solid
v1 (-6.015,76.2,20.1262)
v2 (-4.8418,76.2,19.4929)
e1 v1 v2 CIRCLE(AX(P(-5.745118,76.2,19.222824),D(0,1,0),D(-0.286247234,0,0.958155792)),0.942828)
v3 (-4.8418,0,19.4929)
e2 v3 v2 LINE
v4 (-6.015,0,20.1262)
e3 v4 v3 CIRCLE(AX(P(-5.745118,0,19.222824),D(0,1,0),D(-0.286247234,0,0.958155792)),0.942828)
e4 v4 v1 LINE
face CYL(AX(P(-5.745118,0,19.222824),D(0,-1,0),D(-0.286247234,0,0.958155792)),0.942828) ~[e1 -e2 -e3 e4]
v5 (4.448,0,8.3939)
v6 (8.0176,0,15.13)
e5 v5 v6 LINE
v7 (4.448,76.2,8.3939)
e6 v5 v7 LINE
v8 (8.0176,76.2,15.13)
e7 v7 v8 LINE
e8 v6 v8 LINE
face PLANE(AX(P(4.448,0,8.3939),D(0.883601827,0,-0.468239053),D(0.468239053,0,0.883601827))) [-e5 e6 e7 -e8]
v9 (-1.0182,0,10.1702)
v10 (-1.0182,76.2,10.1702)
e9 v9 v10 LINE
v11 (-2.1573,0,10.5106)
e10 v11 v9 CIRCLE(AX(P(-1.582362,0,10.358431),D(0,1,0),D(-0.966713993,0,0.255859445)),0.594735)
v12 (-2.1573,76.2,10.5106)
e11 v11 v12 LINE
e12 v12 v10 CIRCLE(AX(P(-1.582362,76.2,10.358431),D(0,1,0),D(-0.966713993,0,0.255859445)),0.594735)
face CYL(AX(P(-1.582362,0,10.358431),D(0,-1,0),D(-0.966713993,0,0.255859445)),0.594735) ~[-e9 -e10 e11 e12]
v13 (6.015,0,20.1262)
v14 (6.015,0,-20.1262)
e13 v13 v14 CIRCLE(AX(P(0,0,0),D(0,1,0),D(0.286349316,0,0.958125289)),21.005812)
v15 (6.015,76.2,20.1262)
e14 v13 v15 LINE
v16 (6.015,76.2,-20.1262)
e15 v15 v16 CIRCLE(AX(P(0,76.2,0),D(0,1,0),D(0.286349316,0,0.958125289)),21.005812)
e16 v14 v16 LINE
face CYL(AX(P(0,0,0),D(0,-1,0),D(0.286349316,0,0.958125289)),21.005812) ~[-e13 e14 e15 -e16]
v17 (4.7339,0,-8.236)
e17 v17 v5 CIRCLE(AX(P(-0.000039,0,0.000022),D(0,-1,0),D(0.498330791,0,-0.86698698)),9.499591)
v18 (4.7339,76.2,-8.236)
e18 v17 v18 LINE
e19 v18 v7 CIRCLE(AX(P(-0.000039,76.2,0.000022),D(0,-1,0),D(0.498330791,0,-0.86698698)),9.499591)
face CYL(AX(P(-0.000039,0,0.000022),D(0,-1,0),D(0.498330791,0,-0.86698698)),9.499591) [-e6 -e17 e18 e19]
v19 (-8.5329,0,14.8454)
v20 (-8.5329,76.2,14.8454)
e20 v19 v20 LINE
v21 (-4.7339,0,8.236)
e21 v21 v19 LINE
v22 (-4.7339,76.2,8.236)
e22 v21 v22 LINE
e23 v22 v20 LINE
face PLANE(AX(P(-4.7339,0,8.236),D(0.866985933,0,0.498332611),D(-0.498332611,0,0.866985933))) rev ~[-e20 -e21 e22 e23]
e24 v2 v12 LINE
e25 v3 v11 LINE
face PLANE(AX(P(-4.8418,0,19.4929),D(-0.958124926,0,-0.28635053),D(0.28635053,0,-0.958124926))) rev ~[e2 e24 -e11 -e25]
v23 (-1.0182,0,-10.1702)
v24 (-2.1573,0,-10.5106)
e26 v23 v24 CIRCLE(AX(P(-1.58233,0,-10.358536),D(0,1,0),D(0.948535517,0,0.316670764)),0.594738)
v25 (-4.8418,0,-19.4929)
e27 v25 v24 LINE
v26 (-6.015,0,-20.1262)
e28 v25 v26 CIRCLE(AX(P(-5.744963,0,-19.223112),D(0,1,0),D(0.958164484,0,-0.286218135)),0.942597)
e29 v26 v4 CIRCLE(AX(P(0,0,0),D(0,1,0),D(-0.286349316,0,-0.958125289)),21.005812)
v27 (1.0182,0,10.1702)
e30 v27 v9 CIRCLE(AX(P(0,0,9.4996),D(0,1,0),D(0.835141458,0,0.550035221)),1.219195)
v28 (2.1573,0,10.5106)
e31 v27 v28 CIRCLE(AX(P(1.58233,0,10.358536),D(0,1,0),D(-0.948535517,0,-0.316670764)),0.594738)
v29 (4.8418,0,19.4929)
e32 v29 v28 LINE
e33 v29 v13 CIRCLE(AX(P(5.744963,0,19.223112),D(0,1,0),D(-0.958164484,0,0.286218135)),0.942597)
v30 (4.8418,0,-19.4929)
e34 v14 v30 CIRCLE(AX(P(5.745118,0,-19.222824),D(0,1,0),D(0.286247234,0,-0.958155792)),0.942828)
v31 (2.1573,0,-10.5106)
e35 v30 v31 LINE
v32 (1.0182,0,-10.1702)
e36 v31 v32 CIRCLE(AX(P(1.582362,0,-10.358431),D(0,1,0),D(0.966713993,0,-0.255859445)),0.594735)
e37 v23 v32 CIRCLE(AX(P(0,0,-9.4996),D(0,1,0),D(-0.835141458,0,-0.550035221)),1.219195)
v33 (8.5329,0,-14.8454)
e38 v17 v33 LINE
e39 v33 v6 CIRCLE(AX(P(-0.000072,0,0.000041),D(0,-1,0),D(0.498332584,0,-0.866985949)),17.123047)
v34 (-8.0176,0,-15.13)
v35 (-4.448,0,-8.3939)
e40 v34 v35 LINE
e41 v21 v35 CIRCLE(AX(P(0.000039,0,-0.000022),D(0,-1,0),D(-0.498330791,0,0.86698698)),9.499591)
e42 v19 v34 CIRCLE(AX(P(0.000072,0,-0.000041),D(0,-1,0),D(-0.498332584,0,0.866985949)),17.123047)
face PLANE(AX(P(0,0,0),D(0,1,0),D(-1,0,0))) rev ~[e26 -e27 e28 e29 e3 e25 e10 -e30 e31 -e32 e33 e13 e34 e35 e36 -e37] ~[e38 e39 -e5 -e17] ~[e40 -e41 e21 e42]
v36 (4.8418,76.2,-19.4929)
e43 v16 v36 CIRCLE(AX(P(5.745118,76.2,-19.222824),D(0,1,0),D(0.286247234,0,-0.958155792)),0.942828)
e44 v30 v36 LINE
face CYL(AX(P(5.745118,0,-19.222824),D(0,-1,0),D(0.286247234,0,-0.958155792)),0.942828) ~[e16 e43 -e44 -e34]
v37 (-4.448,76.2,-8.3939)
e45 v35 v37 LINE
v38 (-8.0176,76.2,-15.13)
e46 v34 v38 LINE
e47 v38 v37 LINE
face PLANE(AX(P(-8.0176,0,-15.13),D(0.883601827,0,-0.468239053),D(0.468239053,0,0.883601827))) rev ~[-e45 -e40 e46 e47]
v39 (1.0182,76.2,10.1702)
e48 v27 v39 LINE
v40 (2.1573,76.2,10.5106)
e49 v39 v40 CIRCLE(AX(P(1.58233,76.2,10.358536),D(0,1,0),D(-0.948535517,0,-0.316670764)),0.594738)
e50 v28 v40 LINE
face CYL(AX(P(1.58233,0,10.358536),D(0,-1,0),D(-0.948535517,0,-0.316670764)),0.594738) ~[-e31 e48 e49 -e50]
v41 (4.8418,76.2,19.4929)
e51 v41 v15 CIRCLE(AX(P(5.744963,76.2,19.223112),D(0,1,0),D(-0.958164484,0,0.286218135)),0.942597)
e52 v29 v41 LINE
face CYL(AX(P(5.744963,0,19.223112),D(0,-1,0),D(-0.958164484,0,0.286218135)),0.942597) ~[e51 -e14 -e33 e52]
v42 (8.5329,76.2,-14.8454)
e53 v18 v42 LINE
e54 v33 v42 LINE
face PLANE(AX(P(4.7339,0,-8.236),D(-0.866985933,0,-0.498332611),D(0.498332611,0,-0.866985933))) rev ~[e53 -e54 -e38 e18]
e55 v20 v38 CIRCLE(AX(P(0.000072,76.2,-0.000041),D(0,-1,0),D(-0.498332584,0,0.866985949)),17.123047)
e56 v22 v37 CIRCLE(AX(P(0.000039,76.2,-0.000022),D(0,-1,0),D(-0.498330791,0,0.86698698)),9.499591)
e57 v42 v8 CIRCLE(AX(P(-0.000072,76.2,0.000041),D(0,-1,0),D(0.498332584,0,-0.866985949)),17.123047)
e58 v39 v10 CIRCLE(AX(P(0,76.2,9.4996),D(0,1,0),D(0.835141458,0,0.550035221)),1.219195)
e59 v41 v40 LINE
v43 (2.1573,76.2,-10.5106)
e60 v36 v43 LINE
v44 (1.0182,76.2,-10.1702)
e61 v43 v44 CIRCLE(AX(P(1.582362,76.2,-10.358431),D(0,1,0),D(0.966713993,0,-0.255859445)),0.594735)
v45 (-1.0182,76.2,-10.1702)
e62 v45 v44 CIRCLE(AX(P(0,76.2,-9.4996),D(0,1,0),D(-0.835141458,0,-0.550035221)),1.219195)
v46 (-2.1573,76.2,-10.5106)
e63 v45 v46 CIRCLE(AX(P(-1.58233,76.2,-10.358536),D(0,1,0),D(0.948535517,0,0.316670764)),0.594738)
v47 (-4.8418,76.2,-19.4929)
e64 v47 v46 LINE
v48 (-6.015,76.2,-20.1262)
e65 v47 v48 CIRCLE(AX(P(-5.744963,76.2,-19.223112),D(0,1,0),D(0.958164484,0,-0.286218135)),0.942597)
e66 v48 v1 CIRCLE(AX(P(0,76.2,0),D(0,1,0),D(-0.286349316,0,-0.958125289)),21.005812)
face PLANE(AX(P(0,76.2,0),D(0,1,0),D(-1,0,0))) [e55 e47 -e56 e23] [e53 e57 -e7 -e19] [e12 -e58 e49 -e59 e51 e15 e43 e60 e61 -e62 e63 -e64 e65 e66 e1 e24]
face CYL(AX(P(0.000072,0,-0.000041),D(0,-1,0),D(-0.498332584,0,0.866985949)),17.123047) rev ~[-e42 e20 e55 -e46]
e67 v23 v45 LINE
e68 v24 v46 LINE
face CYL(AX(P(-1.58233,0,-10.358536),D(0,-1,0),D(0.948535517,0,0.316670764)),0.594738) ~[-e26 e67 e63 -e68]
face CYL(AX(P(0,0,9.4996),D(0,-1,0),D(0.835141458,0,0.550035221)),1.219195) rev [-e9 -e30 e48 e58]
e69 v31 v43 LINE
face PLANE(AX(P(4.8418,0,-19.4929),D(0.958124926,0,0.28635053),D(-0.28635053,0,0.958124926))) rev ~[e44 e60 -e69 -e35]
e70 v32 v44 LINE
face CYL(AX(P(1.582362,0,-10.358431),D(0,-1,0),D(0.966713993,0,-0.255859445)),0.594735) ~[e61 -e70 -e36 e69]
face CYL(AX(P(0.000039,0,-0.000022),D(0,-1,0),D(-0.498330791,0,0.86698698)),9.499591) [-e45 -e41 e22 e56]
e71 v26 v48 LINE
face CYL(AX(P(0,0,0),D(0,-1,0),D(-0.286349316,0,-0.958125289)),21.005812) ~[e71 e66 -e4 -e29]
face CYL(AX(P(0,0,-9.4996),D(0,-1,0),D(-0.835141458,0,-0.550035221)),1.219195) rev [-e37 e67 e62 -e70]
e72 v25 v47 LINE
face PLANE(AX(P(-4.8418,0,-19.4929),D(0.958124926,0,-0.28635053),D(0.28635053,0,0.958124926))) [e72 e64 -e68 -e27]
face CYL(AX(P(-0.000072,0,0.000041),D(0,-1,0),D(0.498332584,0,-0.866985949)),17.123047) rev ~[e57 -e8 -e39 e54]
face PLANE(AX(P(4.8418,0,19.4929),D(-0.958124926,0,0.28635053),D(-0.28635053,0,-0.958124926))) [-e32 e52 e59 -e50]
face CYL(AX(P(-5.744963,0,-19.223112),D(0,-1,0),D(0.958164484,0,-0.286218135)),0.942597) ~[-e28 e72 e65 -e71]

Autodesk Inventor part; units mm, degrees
ref_plane "YZ Plane" through (0, 0, 0) normal (1, 0, 0) x (0, 1, 0)
ref_plane "XZ Plane" through (0, 0, 0) normal (0, 1, 0) x (-1, 0, 0)
ref_plane "XY Plane" through (0, 0, 0) normal (0, 0, 1) x (1, 0, 0)
sketch "Sketch3" plane through (0, 0, 0) normal (0, 1, 0) x (-1, 0, 0)
  arc A0 (1.0182, -10.1702) -> (-1.0182, -10.1702) centre (0, -9.4996) ccw
  arc A1 (-1.0182, 10.1702) -> (1.0182, 10.1702) centre (0, 9.4996) ccw
  arc A2 (4.8418, -19.4929) -> (6.015, -20.1262) centre (5.7451, -19.223) ccw
  line L0 (4.8418, -19.4929) -> (2.1573, -10.5106)
  arc A3 (-6.015, -20.1262) -> (-4.8418, -19.4929) centre (-5.7451, -19.223) ccw
  line L1 (-4.8418, -19.4929) -> (-2.1573, -10.5106)
  arc A4 (6.015, 20.1262) -> (4.8418, 19.4929) centre (5.7451, 19.223) ccw
  line L2 (4.8418, 19.4929) -> (2.1573, 10.5106)
  line L3 (-4.8418, 19.4929) -> (-2.1573, 10.5106)
  arc A5 (-4.8418, 19.4929) -> (-6.015, 20.1262) centre (-5.7451, 19.223) ccw
  arc A6 (-1.0182, 10.1702) -> (-2.1573, 10.5106) centre (-1.5824, 10.3585) ccw
  arc A7 (2.1573, 10.5106) -> (1.0182, 10.1702) centre (1.5824, 10.3585) ccw
  arc A8 (-2.1573, -10.5106) -> (-1.0182, -10.1702) centre (-1.5824, -10.3585) ccw
  arc A9 (1.0182, -10.1702) -> (2.1573, -10.5106) centre (1.5824, -10.3585) ccw
  arc A10 (-6.015, 20.1262) -> (-6.015, -20.1262) centre (0, 0) ccw
  arc A11 (6.015, -20.1262) -> (6.015, 20.1262) centre (0, 0) ccw
  line L4 (-8.0176, -15.13) -> (-4.448, -8.3939)
  line L5 (4.448, 8.3939) -> (8.0176, 15.13)
  line L6 (-4.7339, 8.236) -> (-8.5329, 14.8454)
  line L7 (4.7339, -8.236) -> (8.5329, -14.8454)
  arc A12 (-4.7339, 8.236) -> (-4.448, -8.3939) centre (0, 0) ccw
  arc A13 (4.7339, -8.236) -> (4.448, 8.3939) centre (0, 0) ccw
  arc A14 (8.5329, -14.8454) -> (8.0176, 15.13) centre (0, 0) ccw
  arc A15 (-8.5329, 14.8454) -> (-8.0176, -15.13) centre (0, 0) ccw
  point P0 (1.8035, -9.3268)
  point P1 (-1.8035, -9.3268)
  point P2 (1.8035, 9.3268)
  point P3 (-1.8035, 9.3268)
  dimension "d20" = 2.4384
  dimension "d21" = 2.4384
extrude "Extrusion2" add sketch "Sketch3" along normal blind 76.2 contours A0 A8 L1 A3 A10 A5 L3 A6 A1 A7 L2 A4 A11 A2 L0 A9 | A15 L6 A12 L4 | L5 A14 L7 A13
sketch "Sketch4" plane through (0, 0, 0) normal (0, -1, 0) x (1, 0, 0)
  arc A0 (1.0182, -10.1702) -> (-1.0182, -10.1702) centre (0, -9.4996) ccw
  arc A1 (-1.0182, 10.1702) -> (1.0182, 10.1702) centre (0, 9.4996) ccw
  arc A2 (4.8418, -19.4929) -> (6.015, -20.1262) centre (5.7451, -19.223) ccw
  line L0 (4.8418, -19.4929) -> (2.1573, -10.5106)
  line L1 (-4.8418, -19.4929) -> (-2.1573, -10.5106)
  arc A3 (-6.015, -20.1262) -> (-4.8418, -19.4929) centre (-5.7451, -19.223) ccw
  line L2 (4.8418, 19.4929) -> (2.1573, 10.5106)
  arc A4 (6.015, 20.1262) -> (4.8418, 19.4929) centre (5.7451, 19.223) ccw
  line L3 (-4.8418, 19.4929) -> (-2.1573, 10.5106)
  arc A5 (-4.8418, 19.4929) -> (-6.015, 20.1262) centre (-5.7451, 19.223) ccw
  arc A6 (-1.0182, 10.1702) -> (-2.1573, 10.5106) centre (-1.5824, 10.3585) ccw
  arc A7 (2.1573, 10.5106) -> (1.0182, 10.1702) centre (1.5824, 10.3585) ccw
  arc A8 (1.0182, -10.1702) -> (2.1573, -10.5106) centre (1.5824, -10.3585) ccw
  arc A9 (-2.1573, -10.5106) -> (-1.0182, -10.1702) centre (-1.5824, -10.3585) ccw
  arc A10 (-6.015, 20.1262) -> (-6.015, -20.1262) centre (0, 0) ccw
  arc A11 (6.015, -20.1262) -> (6.015, 20.1262) centre (0, 0) ccw
  line L4 (-8.0176, -15.13) -> (-4.448, -8.3939)
  line L5 (4.448, 8.3939) -> (8.0176, 15.13)
  line L6 (-4.7339, 8.236) -> (-8.5329, 14.8454)
  line L7 (4.7339, -8.236) -> (8.5329, -14.8454)
  arc A12 (-4.7339, 8.236) -> (-4.448, -8.3939) centre (0, 0) ccw
  arc A13 (4.7339, -8.236) -> (4.448, 8.3939) centre (0, 0) ccw
  arc A14 (8.5329, -14.8454) -> (8.0176, 15.13) centre (0, 0) ccw
  arc A15 (-8.5329, 14.8454) -> (-8.0176, -15.13) centre (0, 0) ccw
  point P0 (1.8035, -9.3268)
  point P1 (-1.8035, -9.3268)
  point P2 (1.8035, 9.3268)
  point P3 (-1.8035, 9.3268)
  dimension "d25" = 2.4384
  dimension "d26" = 2.4384
extrude "Extrusion3" cut sketch "Sketch4" against normal blind 76.2 contours A15 L6 A12 L4 | L5 A14 L7 A13
properties part number "heatsink"
